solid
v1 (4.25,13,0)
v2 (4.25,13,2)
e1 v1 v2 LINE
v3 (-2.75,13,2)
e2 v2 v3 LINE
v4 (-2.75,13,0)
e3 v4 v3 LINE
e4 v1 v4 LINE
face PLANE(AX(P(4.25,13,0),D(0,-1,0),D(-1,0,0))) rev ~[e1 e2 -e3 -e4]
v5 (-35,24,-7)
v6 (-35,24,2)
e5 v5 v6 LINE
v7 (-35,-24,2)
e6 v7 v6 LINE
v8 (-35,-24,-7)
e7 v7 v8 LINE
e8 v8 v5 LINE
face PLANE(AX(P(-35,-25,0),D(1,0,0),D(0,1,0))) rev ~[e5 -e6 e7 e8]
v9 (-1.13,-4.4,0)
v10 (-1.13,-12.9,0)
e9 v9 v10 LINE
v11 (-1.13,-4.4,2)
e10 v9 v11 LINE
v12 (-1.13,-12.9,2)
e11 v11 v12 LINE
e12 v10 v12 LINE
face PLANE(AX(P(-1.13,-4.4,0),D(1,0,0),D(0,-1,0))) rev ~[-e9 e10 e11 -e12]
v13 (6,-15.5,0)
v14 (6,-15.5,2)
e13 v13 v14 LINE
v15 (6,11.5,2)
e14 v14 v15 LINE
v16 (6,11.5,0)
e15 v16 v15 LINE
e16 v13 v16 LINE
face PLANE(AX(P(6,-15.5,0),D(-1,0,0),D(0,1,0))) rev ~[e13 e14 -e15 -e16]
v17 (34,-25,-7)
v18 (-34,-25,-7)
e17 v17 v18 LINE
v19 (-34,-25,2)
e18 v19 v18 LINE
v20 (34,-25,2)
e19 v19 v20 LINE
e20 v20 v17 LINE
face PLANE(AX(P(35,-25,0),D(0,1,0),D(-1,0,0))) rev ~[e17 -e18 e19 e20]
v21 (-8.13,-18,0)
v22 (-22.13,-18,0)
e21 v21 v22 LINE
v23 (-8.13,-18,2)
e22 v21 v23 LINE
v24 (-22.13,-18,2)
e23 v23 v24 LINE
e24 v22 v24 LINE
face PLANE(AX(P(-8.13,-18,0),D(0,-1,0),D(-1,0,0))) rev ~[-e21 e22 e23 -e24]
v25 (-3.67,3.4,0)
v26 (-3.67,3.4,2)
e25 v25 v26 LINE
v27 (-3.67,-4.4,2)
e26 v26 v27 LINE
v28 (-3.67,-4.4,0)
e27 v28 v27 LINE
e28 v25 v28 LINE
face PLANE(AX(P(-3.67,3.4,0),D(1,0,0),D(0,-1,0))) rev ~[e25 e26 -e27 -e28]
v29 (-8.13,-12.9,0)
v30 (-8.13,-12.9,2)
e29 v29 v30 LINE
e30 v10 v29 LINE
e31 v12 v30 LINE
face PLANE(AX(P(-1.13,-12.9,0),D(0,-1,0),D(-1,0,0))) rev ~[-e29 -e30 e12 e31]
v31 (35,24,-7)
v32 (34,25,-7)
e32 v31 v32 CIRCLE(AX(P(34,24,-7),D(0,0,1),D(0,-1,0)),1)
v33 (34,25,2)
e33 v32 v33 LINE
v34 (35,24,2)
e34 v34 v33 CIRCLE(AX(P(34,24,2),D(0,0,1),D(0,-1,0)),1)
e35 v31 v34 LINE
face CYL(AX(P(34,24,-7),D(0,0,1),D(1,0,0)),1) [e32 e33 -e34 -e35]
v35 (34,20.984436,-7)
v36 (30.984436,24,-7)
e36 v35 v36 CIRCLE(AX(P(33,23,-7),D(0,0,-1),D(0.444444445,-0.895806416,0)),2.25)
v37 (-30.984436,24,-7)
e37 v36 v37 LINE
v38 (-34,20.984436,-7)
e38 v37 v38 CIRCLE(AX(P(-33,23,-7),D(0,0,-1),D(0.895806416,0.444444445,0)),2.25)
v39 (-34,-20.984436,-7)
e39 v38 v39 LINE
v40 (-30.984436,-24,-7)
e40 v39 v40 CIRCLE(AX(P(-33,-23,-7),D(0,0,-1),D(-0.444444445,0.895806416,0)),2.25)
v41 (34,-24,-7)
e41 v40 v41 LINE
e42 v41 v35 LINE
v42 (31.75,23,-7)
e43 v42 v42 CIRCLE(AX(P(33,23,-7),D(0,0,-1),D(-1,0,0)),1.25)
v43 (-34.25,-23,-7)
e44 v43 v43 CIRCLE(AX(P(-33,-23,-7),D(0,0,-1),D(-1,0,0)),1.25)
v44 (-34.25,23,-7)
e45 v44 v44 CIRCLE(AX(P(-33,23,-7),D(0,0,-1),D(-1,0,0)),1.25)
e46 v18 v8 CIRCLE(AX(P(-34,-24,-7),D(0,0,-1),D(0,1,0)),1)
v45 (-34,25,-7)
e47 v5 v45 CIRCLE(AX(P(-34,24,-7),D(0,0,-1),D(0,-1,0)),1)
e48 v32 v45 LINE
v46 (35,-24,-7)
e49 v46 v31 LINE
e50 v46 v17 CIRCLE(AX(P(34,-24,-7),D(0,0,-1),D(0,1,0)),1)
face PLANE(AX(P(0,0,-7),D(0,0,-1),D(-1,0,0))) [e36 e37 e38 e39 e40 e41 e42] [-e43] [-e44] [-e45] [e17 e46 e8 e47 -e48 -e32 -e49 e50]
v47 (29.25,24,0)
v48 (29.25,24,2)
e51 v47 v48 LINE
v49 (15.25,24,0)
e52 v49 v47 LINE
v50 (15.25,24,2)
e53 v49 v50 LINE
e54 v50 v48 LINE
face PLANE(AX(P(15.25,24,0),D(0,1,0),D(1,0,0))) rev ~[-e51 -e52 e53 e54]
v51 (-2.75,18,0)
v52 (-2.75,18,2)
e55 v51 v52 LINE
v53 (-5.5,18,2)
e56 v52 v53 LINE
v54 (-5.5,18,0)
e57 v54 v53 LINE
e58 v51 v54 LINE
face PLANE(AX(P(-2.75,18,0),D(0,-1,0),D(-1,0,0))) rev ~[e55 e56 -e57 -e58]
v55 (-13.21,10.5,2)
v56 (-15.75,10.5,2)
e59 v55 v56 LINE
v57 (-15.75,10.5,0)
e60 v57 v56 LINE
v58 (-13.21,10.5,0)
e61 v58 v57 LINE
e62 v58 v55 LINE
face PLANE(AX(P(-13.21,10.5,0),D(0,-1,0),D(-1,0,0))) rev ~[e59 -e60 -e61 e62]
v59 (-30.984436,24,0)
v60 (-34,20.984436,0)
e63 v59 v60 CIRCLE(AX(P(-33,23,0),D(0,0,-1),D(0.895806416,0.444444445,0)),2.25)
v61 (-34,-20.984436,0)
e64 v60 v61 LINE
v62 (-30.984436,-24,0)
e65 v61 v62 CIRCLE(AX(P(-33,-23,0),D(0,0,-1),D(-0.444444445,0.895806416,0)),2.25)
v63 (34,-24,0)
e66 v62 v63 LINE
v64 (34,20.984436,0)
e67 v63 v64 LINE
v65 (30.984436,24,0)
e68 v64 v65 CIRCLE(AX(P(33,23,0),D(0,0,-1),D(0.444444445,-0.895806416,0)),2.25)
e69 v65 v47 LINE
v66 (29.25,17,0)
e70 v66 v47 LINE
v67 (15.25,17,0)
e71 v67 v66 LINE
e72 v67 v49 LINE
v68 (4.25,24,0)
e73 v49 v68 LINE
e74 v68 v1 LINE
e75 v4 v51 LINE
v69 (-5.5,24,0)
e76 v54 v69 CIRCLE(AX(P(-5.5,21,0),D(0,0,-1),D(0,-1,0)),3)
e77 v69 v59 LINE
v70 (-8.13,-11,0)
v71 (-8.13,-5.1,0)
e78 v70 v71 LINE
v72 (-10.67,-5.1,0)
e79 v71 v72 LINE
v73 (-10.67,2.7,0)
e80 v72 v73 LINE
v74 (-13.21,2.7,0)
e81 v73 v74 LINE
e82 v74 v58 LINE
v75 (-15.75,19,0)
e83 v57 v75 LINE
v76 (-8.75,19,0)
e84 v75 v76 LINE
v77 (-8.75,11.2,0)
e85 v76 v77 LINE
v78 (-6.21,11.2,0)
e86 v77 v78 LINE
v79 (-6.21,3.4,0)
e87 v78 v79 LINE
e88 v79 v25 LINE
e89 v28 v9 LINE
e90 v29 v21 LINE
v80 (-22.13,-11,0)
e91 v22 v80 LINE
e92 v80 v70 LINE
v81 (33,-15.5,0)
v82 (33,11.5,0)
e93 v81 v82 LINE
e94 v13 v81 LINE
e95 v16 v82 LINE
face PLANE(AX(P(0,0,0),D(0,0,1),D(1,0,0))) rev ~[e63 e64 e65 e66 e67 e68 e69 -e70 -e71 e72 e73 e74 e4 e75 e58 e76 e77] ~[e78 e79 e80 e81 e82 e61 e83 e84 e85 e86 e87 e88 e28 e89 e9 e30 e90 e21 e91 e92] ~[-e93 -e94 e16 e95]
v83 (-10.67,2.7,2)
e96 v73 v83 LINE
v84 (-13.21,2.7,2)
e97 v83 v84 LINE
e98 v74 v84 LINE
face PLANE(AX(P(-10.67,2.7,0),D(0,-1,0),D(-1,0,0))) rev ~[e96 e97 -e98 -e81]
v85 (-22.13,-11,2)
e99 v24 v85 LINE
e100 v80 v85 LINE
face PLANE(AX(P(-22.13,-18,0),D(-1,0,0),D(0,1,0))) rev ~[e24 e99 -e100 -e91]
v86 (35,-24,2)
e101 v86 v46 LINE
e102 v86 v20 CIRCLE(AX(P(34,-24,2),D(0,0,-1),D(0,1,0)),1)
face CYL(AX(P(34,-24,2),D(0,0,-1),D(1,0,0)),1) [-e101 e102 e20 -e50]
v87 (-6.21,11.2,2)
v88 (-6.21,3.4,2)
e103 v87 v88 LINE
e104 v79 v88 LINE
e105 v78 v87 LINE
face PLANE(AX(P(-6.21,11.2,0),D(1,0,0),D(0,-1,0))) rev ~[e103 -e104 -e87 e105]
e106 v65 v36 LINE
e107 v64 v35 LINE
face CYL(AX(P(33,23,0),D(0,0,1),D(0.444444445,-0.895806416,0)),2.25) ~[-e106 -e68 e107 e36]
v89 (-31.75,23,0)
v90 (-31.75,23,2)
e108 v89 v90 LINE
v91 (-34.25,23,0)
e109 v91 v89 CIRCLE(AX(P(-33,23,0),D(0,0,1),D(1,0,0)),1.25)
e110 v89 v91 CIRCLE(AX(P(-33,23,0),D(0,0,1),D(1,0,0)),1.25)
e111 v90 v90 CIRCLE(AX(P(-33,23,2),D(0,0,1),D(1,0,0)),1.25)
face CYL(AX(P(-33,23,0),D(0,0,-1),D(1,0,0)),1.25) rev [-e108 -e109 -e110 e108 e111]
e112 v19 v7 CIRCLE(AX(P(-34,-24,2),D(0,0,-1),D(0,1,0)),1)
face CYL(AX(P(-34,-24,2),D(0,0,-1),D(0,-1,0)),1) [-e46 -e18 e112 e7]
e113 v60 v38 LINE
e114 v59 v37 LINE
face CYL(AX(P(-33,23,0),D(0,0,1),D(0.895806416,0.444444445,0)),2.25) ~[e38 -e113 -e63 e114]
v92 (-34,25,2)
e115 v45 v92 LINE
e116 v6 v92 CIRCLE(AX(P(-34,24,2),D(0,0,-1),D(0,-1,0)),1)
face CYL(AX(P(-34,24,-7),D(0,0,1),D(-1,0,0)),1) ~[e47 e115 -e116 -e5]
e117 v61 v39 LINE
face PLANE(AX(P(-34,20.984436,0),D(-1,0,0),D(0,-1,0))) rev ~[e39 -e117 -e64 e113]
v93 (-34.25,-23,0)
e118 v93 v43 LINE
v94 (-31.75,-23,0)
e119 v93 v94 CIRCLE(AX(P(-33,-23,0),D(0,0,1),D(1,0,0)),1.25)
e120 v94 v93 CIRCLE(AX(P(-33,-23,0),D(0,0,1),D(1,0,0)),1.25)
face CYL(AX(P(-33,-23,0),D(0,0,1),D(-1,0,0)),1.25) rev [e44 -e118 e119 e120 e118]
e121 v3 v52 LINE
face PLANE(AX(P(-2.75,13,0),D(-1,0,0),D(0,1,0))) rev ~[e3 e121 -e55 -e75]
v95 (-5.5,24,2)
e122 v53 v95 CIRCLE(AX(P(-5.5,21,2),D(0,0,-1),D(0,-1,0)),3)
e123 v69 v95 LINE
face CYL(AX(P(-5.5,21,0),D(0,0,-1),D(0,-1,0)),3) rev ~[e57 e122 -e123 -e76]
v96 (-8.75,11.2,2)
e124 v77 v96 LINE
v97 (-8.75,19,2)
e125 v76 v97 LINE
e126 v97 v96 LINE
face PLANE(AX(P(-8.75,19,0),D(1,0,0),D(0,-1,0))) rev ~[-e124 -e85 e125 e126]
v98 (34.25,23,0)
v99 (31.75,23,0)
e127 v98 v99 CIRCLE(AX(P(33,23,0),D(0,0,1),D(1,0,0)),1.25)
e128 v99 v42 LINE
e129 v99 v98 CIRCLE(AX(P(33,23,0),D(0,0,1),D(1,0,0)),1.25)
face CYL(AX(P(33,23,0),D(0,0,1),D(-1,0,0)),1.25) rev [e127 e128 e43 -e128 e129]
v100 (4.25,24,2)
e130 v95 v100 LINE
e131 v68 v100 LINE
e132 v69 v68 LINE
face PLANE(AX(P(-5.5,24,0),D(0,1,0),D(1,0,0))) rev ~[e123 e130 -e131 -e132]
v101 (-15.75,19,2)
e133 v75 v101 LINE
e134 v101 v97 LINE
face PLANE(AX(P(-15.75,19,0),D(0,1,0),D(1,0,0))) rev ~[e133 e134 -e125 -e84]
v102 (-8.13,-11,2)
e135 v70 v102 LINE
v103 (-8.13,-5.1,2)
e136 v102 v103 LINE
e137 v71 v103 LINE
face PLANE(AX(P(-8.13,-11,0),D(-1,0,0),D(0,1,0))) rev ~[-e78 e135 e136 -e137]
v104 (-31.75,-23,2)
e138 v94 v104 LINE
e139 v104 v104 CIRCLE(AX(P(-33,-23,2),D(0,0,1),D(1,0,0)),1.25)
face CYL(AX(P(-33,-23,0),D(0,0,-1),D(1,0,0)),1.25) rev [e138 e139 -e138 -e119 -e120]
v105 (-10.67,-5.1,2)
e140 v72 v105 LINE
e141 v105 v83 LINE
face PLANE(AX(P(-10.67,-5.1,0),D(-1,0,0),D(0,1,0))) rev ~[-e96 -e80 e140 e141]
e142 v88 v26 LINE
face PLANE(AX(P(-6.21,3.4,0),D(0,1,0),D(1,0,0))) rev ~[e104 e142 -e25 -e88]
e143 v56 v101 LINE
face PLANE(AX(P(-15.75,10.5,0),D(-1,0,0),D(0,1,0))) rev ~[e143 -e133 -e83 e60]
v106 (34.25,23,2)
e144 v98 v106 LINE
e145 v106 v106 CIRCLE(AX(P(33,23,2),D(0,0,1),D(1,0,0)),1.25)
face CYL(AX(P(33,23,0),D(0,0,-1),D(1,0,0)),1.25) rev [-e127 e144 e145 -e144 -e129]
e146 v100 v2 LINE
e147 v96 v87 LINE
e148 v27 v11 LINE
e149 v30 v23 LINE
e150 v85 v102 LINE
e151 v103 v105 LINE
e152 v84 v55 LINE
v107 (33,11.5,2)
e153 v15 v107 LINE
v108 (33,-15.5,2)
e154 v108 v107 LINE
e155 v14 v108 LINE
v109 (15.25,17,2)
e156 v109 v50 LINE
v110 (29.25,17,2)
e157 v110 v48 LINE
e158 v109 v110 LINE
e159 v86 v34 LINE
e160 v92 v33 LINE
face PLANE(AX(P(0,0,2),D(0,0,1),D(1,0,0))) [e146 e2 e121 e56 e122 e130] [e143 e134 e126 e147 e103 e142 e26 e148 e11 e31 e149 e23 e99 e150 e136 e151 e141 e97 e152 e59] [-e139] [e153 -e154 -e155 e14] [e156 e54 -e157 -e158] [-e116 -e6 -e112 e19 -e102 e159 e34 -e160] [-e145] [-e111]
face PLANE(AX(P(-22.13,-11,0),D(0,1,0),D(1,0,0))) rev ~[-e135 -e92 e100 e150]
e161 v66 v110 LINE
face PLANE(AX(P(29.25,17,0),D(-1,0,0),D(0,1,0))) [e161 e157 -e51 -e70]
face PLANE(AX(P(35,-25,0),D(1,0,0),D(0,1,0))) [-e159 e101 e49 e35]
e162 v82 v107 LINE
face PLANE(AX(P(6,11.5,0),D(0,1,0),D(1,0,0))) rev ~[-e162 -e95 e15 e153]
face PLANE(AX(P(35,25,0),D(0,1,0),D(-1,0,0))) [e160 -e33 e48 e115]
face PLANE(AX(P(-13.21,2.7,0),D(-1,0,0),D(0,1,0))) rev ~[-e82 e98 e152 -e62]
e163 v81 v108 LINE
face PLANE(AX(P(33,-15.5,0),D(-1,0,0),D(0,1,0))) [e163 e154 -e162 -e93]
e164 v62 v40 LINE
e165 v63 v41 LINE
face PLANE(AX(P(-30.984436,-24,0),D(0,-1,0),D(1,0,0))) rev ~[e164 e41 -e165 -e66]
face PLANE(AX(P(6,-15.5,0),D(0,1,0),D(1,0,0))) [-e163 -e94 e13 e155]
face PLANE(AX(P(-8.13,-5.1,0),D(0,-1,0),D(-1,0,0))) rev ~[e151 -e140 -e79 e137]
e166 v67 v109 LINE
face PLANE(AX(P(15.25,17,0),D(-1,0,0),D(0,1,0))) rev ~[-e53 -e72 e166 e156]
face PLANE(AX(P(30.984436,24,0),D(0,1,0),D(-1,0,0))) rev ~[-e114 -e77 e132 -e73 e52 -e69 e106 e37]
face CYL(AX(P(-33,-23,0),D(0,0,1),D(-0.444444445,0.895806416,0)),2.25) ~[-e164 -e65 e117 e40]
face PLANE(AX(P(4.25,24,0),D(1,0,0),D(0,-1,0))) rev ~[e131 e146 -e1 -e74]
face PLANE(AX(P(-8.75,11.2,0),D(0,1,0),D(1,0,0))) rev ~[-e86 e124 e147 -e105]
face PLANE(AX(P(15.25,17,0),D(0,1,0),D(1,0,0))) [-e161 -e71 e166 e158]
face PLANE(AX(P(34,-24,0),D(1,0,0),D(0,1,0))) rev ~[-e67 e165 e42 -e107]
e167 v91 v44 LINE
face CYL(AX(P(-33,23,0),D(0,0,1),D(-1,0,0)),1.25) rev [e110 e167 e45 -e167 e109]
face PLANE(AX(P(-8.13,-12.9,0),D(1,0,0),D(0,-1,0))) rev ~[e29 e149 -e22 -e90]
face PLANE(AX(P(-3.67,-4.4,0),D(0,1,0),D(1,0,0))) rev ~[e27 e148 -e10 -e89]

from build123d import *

# Parameters (mm, degrees)
SKETCH2_W           = 70
SKETCH2_H           = 50
SKETCH2_R           = 1.25
SKETCH2_W_2         = 27
SKETCH2_H_2         = 27
SKETCH2_W_3         = 14
SKETCH2_H_3         = 7
BOSS_EXTRUDE1_DEPTH = 2
SKETCH4_W           = 70
SKETCH4_H           = 50
SKETCH4_R           = 1.25
BOSS_EXTRUDE2_DEPTH = 7
FILLET1_R           = 1


with BuildPart() as part:
    # Sketch2 → Boss-Extrude1 (new body)
    with BuildSketch(Plane.XY):
        Rectangle(SKETCH2_W, SKETCH2_H)
        with Locations((-33, 23)):
            Circle(SKETCH2_R, mode=Mode.SUBTRACT)
        with Locations((33, 23)):
            Circle(SKETCH2_R, mode=Mode.SUBTRACT)
        with Locations((-33, -23)):
            Circle(SKETCH2_R, mode=Mode.SUBTRACT)
        with Locations((19.5, -2)):
            Rectangle(SKETCH2_W_2, SKETCH2_H_2, mode=Mode.SUBTRACT)
        Polygon((-22.13, -11), (-8.13, -11), (-8.13, -5.1), (-10.67, -5.1), (-10.67, 2.7), (-13.21, 2.7), (-13.21, 10.5), (-15.75, 10.5), (-15.75, 19), (-8.75, 19), (-8.75, 11.2), (-6.21, 11.2), (-6.21, 3.4), (-3.67, 3.4), (-3.67, -4.4), (-1.13, -4.4), (-1.13, -12.9), (-8.13, -12.9), (-8.13, -18), (-22.13, -18), align=None, mode=Mode.SUBTRACT)
        with BuildLine():
            Line((-2.75, 24), (4.25, 24))
            Line((4.25, 24), (4.25, 13))
            Line((4.25, 13), (-2.75, 13))
            Line((-2.75, 13), (-2.75, 18))
            Line((-2.75, 18), (-5.5, 18))
            ThreePointArc((-5.5, 18), (-8.5, 21), (-5.5, 24))
            Line((-5.5, 24), (-2.75, 24))
        make_face(mode=Mode.SUBTRACT)
        with Locations((22.25, 20.5)):
            Rectangle(SKETCH2_W_3, SKETCH2_H_3, mode=Mode.SUBTRACT)
    extrude(amount=BOSS_EXTRUDE1_DEPTH)

    # Sketch4 → Boss-Extrude2 (add)
    with BuildSketch(Plane(origin=(0, 0, 0), x_dir=(-1, 0, 0), z_dir=(0, 0, -1))):
        Rectangle(SKETCH4_W, SKETCH4_H)
        with Locations((-33, 23)):
            Circle(SKETCH4_R, mode=Mode.SUBTRACT)
        with Locations((33, 23)):
            Circle(SKETCH4_R, mode=Mode.SUBTRACT)
        with Locations((33, -23)):
            Circle(SKETCH4_R, mode=Mode.SUBTRACT)
        with BuildLine():
            Line((-30.984435563, 24), (30.984435563, 24))
            ThreePointArc((30.984435563, 24), (31.409009742, 21.409009742), (34, 20.984435563))
            Line((34, 20.984435563), (34, -20.984435563))
            ThreePointArc((34, -20.984435563), (31.409009742, -21.409009742), (30.984435563, -24))
            Line((30.984435563, -24), (-34, -24))
            Line((-34, -24), (-34, 20.984435563))
            ThreePointArc((-34, 20.984435563), (-31.409009742, 21.409009742), (-30.984435563, 24))
        make_face(mode=Mode.SUBTRACT)
    extrude(amount=BOSS_EXTRUDE2_DEPTH)

    # Fillet1
    fillet1_edges = [part.edges().sort_by_distance(p)[0] for p in [
        (35, -25, -2.5),
        (-35, -25, -2.5),
        (-35, 25, -2.5),
        (35, 25, -2.5),
    ]]
    fillet(fillet1_edges, radius=FILLET1_R)


solid = part.part
